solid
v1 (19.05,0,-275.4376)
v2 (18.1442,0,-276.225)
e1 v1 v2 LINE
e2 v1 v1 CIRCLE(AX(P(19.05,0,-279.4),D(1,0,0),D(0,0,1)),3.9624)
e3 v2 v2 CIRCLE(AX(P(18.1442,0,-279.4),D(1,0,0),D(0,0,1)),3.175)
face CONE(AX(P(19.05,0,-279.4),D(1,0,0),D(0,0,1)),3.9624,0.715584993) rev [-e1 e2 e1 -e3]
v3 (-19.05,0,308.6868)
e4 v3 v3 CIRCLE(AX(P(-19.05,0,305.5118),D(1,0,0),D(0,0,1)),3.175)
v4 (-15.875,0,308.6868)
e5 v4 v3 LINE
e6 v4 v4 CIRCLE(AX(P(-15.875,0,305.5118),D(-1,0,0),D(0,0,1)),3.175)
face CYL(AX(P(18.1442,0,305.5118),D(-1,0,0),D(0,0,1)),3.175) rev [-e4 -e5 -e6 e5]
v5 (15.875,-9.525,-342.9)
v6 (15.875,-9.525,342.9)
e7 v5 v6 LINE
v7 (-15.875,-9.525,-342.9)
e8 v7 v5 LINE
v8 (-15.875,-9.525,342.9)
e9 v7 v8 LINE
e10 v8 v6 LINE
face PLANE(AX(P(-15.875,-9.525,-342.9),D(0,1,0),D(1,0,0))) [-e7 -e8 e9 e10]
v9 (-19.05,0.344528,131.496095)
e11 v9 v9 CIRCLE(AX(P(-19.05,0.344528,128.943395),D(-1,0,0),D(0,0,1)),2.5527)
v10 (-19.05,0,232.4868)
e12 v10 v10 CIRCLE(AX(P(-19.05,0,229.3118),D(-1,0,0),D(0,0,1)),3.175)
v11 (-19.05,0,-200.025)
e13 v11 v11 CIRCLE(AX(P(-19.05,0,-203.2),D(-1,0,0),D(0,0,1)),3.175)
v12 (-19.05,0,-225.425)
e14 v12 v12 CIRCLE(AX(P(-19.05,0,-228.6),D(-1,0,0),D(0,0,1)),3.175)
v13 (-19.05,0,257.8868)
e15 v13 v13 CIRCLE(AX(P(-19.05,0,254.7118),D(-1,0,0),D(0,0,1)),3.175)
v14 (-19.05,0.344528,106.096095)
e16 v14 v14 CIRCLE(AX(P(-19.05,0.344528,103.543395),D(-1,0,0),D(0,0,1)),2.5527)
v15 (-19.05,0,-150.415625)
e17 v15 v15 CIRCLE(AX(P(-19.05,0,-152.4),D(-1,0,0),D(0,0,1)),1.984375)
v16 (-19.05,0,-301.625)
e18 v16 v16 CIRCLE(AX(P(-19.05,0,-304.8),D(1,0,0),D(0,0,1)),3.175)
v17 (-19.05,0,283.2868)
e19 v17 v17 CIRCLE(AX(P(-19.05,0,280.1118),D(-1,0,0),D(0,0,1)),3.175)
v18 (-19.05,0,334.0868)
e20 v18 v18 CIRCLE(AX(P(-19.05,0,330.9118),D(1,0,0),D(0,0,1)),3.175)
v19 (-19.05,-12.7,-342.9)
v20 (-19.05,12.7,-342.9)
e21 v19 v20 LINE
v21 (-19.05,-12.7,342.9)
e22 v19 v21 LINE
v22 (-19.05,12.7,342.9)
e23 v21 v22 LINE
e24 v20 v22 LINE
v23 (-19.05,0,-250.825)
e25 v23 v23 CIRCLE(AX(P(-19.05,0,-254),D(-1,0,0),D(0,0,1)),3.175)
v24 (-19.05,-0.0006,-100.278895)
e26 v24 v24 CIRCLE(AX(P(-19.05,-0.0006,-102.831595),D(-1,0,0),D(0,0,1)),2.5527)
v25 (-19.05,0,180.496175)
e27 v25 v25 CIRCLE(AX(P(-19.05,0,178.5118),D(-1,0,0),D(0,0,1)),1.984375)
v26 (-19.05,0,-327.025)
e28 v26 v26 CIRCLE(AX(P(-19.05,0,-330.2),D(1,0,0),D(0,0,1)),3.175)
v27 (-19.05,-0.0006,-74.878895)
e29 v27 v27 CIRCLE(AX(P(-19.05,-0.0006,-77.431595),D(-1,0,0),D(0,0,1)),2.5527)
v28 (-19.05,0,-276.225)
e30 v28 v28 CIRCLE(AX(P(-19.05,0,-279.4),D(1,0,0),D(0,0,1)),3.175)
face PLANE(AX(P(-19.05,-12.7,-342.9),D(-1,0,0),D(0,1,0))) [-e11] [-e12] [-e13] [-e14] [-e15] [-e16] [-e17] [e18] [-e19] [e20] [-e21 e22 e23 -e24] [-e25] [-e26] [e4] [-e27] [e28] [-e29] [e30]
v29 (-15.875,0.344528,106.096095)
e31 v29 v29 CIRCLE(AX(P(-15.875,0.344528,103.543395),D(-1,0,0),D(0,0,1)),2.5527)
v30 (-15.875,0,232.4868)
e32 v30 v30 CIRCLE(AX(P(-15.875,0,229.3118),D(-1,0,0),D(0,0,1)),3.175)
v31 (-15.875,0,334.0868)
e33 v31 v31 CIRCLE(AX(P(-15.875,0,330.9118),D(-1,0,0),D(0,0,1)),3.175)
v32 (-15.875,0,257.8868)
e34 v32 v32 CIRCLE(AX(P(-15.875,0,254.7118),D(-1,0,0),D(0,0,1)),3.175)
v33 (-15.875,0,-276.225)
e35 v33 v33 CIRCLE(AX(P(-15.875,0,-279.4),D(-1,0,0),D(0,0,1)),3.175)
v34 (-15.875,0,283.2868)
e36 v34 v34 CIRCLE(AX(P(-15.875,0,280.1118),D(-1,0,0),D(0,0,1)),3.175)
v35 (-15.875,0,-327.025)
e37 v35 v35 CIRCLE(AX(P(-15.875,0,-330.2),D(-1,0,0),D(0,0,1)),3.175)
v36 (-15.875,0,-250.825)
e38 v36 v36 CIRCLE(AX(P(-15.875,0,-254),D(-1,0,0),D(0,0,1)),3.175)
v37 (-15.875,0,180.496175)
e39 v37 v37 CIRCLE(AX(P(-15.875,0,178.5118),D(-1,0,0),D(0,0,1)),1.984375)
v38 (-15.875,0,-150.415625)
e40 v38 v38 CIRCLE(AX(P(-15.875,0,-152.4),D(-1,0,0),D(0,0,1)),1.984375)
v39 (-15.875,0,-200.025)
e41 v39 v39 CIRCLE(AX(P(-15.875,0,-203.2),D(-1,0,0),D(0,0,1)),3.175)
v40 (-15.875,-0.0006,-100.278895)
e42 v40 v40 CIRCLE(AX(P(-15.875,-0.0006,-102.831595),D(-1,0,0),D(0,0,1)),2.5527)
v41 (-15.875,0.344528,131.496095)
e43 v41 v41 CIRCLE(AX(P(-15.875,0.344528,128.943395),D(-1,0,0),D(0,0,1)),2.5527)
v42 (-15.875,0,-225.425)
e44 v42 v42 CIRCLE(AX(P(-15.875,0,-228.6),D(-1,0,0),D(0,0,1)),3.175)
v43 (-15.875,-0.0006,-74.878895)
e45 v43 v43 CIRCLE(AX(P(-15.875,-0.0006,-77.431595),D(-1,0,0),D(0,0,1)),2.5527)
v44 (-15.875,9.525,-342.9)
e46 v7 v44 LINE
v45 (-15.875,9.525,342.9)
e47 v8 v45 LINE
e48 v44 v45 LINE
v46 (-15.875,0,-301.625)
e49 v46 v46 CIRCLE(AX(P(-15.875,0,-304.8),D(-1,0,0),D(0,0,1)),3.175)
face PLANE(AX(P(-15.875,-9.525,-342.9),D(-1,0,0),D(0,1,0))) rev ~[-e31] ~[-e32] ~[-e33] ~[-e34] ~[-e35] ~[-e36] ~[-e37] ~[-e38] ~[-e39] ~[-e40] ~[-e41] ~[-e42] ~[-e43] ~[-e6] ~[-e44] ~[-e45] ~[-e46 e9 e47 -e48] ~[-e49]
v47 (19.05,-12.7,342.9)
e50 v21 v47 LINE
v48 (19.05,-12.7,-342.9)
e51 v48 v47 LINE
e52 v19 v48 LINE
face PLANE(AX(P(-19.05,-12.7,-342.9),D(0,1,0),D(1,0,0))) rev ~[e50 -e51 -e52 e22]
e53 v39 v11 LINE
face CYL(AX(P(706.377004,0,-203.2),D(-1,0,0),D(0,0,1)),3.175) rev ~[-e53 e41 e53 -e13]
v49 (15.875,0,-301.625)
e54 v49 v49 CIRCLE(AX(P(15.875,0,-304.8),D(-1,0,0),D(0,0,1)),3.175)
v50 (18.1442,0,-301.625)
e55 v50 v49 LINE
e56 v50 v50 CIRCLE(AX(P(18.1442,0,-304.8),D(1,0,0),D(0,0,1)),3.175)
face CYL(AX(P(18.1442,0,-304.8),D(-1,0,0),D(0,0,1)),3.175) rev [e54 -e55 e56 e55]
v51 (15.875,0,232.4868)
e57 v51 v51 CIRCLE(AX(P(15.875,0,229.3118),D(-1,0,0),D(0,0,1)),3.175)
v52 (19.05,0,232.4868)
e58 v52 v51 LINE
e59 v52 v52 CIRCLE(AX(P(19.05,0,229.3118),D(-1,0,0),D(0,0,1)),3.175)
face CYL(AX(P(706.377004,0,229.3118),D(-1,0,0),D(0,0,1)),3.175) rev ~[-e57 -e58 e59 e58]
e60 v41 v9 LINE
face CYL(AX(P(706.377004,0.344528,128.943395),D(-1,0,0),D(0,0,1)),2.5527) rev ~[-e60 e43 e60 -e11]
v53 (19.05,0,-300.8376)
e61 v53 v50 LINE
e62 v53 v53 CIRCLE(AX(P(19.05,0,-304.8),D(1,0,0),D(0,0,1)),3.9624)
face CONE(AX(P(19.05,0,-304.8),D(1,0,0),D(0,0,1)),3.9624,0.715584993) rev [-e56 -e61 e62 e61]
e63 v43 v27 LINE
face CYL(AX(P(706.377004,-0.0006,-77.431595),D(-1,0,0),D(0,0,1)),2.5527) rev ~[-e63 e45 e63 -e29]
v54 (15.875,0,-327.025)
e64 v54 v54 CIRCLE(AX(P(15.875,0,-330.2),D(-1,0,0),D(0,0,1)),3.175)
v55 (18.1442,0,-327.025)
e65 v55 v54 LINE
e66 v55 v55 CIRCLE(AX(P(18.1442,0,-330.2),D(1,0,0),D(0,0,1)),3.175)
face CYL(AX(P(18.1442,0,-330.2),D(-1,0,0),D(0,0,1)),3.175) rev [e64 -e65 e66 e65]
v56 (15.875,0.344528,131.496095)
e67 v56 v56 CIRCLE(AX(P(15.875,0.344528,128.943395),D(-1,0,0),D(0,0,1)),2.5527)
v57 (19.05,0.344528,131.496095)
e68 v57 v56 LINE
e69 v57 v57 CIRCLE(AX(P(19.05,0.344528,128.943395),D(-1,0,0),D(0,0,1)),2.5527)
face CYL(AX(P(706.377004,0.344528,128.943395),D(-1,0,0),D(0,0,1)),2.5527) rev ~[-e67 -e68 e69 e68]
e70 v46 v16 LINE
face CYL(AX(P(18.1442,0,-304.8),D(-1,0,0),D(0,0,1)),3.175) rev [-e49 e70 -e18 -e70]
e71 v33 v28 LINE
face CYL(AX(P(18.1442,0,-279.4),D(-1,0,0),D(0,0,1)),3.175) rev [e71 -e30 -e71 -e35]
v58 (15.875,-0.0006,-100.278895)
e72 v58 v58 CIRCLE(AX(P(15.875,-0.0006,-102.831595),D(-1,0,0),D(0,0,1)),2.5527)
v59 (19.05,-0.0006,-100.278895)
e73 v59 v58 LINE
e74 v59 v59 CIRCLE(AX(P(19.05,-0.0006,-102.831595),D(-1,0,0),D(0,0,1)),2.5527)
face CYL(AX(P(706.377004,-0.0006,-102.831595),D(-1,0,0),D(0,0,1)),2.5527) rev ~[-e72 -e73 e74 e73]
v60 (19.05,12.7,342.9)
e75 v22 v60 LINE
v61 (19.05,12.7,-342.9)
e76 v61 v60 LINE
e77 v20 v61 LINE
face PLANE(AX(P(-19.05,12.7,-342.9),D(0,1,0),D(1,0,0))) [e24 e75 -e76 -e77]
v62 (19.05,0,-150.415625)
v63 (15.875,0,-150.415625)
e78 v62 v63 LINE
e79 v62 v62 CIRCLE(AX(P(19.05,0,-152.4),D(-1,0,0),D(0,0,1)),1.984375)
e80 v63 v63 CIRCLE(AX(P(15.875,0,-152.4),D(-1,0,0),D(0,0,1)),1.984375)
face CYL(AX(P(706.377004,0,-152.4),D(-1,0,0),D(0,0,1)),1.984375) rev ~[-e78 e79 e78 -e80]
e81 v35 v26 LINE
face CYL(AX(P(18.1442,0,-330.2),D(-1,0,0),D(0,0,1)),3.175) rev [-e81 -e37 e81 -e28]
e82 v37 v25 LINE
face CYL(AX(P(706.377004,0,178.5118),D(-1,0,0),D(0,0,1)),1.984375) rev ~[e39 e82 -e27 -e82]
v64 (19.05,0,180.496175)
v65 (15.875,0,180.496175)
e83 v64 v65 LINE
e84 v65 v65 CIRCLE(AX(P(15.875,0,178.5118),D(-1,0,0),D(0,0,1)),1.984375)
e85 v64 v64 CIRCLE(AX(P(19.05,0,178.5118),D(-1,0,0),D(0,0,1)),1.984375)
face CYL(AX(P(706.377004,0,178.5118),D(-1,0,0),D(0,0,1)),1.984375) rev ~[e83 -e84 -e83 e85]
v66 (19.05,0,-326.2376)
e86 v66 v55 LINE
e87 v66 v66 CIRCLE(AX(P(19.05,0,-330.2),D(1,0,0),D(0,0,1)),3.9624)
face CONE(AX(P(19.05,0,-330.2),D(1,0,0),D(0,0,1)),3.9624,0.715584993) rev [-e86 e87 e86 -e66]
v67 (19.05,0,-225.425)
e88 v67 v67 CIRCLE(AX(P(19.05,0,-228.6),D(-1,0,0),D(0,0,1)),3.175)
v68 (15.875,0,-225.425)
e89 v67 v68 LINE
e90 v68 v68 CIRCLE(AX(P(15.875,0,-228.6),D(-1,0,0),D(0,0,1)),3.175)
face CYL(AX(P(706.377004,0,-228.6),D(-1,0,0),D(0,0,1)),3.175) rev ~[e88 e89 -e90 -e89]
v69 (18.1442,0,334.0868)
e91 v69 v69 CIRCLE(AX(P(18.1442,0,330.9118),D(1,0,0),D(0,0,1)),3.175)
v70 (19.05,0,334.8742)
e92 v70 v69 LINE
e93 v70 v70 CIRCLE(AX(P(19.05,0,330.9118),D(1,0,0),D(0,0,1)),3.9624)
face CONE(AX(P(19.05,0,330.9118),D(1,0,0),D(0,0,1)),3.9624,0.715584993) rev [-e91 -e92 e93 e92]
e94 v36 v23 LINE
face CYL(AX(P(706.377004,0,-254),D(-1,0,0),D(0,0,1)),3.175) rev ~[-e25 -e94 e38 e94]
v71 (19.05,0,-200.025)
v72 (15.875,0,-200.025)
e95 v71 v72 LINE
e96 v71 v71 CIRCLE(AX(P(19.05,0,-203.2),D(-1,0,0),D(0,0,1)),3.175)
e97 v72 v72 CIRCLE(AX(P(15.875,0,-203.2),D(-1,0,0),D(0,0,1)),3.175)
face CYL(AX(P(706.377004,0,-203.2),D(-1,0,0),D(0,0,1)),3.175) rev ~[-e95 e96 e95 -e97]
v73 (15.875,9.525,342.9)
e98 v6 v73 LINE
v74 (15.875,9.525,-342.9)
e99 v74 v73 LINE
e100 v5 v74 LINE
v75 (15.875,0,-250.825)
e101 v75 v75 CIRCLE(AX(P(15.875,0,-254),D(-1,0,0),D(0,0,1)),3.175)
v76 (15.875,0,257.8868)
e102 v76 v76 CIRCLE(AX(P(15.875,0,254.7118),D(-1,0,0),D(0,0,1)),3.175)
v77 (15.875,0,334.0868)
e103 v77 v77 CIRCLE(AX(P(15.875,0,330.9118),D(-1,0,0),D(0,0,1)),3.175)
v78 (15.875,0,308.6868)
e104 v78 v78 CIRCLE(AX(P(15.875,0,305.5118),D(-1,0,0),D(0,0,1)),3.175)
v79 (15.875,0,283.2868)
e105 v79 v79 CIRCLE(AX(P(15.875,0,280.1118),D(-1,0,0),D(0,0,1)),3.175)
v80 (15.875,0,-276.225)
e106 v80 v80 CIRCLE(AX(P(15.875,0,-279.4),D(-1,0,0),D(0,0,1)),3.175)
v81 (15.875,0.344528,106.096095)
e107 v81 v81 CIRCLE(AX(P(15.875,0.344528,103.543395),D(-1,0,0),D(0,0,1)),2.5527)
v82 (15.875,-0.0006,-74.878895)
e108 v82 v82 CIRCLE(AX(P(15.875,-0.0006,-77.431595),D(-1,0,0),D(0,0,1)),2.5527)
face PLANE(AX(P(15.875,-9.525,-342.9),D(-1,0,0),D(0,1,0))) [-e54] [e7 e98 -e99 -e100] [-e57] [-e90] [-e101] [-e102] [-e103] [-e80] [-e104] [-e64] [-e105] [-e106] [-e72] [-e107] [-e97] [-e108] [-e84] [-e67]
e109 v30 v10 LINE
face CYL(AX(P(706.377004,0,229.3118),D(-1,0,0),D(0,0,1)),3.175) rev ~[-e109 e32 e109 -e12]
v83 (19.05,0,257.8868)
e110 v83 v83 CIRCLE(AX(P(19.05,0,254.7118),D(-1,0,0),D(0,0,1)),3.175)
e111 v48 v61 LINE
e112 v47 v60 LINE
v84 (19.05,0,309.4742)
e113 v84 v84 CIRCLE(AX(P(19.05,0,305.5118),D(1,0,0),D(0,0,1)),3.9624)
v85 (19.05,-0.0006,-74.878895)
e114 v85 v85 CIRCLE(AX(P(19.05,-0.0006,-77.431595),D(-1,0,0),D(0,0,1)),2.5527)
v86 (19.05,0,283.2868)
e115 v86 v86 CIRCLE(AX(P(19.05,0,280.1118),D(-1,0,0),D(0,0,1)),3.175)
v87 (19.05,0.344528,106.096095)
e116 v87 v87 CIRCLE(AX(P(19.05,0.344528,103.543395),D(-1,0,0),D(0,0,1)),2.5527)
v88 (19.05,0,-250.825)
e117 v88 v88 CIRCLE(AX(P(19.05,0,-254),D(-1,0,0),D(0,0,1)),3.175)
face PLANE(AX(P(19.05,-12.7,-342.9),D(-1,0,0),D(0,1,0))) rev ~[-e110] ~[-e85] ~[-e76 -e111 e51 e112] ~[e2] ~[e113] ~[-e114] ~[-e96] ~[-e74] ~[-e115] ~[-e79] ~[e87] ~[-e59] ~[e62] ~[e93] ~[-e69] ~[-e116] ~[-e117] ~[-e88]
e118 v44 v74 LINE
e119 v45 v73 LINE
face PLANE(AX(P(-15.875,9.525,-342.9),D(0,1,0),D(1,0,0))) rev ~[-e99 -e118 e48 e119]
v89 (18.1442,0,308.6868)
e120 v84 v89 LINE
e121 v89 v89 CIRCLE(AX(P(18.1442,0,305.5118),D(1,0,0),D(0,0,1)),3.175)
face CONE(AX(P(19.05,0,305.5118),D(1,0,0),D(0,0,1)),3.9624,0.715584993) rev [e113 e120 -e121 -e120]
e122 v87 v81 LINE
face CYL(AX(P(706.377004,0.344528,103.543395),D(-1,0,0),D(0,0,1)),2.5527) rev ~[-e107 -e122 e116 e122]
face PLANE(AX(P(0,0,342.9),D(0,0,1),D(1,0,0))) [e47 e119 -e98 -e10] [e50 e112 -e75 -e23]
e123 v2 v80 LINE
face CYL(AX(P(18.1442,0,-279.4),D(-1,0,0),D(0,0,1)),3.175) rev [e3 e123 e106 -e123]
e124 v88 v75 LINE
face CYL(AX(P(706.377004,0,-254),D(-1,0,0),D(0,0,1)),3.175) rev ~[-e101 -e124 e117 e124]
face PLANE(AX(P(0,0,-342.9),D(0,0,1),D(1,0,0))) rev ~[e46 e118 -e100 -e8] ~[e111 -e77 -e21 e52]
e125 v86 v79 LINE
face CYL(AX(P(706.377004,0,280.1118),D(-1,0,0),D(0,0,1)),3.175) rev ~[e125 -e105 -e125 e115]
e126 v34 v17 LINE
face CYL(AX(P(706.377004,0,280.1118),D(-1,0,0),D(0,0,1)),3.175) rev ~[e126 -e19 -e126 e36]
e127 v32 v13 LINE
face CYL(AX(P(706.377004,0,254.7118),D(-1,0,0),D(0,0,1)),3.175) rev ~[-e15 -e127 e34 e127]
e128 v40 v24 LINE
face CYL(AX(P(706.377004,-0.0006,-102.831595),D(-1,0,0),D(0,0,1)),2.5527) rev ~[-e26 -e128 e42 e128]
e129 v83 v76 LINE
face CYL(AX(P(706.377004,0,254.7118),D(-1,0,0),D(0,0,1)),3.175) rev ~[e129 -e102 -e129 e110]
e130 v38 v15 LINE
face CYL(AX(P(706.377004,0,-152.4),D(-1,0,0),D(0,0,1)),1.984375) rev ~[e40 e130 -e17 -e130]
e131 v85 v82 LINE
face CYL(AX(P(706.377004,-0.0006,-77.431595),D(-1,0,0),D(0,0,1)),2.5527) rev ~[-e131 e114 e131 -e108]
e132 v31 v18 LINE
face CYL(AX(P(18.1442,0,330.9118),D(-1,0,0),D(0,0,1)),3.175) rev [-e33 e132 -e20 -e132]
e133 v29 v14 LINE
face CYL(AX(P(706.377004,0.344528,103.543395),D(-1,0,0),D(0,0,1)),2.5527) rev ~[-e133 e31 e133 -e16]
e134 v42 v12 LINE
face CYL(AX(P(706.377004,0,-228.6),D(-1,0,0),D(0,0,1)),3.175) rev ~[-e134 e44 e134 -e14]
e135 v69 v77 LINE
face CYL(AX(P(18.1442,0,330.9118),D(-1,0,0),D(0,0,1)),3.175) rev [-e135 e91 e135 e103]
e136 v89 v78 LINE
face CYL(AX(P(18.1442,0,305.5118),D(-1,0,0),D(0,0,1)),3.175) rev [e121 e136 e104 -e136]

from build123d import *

# Parameters (mm, degrees)
BOSS_EXTRUDE1_DEPTH                  = 342.9
BOSS_EXTRUDE1_DEPTH_BACK             = 342.9
SKETCH3_W                            = 38.1
SKETCH3_H                            = 25.4
SKETCH3_W_2                          = 31.75
SKETCH3_H_2                          = 19.05
F_1_4_0_25_DIAMETER_HOLE2_AT_2_COUNT = 2
F_1_4_0_25_DIAMETER_HOLE2_AT_2_PITCH = 25.4
F_1_4_0_25_DIAMETER_HOLE2_AT_3_COUNT = 2
F_1_4_0_25_DIAMETER_HOLE2_AT_3_PITCH = 661.111799988
F_1_4_0_25_DIAMETER_HOLE2_AT_4_COUNT = 2
F_1_4_0_25_DIAMETER_HOLE2_AT_4_PITCH = 50.8
F_1_4_0_25_DIAMETER_HOLE2_AT_5_COUNT = 2
F_1_4_0_25_DIAMETER_HOLE2_AT_5_PITCH = 635.711799988
F_1_4_0_25_DIAMETER_HOLE3_D          = 6.35
F_5_32_0_15625_DIAMETER_HOLE1_D      = 3.96875
F_10_CLEARANCE_HOLE1_D               = 5.1054


with BuildPart() as part:
    # Sketch3 → Boss-Extrude1 (new, two sides: drawn at the far end of the back side and taken through both)
    with BuildSketch(Plane.XY.offset(-BOSS_EXTRUDE1_DEPTH_BACK)):
        Rectangle(SKETCH3_W, SKETCH3_H)
        Rectangle(SKETCH3_W_2, SKETCH3_H_2, mode=Mode.SUBTRACT)
    extrude(amount=BOSS_EXTRUDE1_DEPTH + BOSS_EXTRUDE1_DEPTH_BACK)

    # Sketch8 → 1/4 (0.25) Diameter Hole2 (revolve, cut)
    with BuildSketch(Plane(origin=(-19.05, 0, -330.2), x_dir=(0, 0, 1), z_dir=(0, 1, 0))):
        Polygon((0, 0), (0, 38.1), (3.9624, 38.1), (3.175, 37.194199916), (3.175, 0), align=None)
    f_1_4_0_25_diameter_hole2 = revolve(axis=Axis((-25.4, 0, -330.2), (1, 0, 0)), mode=Mode.SUBTRACT)

    # 1/4 (0.25) Diameter Hole2 at 2: 1/4 (0.25) Diameter Hole2 ×2
    with Locations(*[(0, 0, i * F_1_4_0_25_DIAMETER_HOLE2_AT_2_PITCH) for i in range(1, F_1_4_0_25_DIAMETER_HOLE2_AT_2_COUNT)]):
        add(f_1_4_0_25_diameter_hole2, mode=Mode.SUBTRACT)

    # 1/4 (0.25) Diameter Hole2 at 3: 1/4 (0.25) Diameter Hole2 ×2
    with Locations(*[(0, 0, i * F_1_4_0_25_DIAMETER_HOLE2_AT_3_PITCH) for i in range(1, F_1_4_0_25_DIAMETER_HOLE2_AT_3_COUNT)]):
        add(f_1_4_0_25_diameter_hole2, mode=Mode.SUBTRACT)

    # 1/4 (0.25) Diameter Hole2 at 4: 1/4 (0.25) Diameter Hole2 ×2
    with Locations(*[(0, 0, i * F_1_4_0_25_DIAMETER_HOLE2_AT_4_PITCH) for i in range(1, F_1_4_0_25_DIAMETER_HOLE2_AT_4_COUNT)]):
        add(f_1_4_0_25_diameter_hole2, mode=Mode.SUBTRACT)

    # 1/4 (0.25) Diameter Hole2 at 5: 1/4 (0.25) Diameter Hole2 ×2
    with Locations(*[(0, 0, i * F_1_4_0_25_DIAMETER_HOLE2_AT_5_PITCH) for i in range(1, F_1_4_0_25_DIAMETER_HOLE2_AT_5_COUNT)]):
        add(f_1_4_0_25_diameter_hole2, mode=Mode.SUBTRACT)

    # 1/4 (0.25) Diameter Hole3 (through all)
    with Locations(Plane(origin=(19.05, 0, 0), x_dir=(0, 0, -1), z_dir=(1, 0, 0))):
        with Locations((-280.111799988, 0), (-254.711799988, 0), (-229.311799988, 0), (254, 0), (228.6, 0), (203.2, 0)):
            Hole(F_1_4_0_25_DIAMETER_HOLE3_D / 2)

    # 5/32 (0.15625) Diameter Hole1 (through all)
    with Locations(Plane(origin=(19.05, 0, 0), x_dir=(0, 0, -1), z_dir=(1, 0, 0))):
        with Locations((152.4, 0), (-178.511799988, 0)):
            Hole(F_5_32_0_15625_DIAMETER_HOLE1_D / 2)

    # #10 Clearance Hole1 (through all)
    with Locations(Plane(origin=(19.05, 0, 0), x_dir=(0, 0, -1), z_dir=(1, 0, 0))):
        with Locations((-128.943395188, 0.344528206), (-103.543395188, 0.344528206), (77.4315952, -0.000599988), (102.8315952, -0.000599988)):
            Hole(F_10_CLEARANCE_HOLE1_D / 2)


solid = part.part
